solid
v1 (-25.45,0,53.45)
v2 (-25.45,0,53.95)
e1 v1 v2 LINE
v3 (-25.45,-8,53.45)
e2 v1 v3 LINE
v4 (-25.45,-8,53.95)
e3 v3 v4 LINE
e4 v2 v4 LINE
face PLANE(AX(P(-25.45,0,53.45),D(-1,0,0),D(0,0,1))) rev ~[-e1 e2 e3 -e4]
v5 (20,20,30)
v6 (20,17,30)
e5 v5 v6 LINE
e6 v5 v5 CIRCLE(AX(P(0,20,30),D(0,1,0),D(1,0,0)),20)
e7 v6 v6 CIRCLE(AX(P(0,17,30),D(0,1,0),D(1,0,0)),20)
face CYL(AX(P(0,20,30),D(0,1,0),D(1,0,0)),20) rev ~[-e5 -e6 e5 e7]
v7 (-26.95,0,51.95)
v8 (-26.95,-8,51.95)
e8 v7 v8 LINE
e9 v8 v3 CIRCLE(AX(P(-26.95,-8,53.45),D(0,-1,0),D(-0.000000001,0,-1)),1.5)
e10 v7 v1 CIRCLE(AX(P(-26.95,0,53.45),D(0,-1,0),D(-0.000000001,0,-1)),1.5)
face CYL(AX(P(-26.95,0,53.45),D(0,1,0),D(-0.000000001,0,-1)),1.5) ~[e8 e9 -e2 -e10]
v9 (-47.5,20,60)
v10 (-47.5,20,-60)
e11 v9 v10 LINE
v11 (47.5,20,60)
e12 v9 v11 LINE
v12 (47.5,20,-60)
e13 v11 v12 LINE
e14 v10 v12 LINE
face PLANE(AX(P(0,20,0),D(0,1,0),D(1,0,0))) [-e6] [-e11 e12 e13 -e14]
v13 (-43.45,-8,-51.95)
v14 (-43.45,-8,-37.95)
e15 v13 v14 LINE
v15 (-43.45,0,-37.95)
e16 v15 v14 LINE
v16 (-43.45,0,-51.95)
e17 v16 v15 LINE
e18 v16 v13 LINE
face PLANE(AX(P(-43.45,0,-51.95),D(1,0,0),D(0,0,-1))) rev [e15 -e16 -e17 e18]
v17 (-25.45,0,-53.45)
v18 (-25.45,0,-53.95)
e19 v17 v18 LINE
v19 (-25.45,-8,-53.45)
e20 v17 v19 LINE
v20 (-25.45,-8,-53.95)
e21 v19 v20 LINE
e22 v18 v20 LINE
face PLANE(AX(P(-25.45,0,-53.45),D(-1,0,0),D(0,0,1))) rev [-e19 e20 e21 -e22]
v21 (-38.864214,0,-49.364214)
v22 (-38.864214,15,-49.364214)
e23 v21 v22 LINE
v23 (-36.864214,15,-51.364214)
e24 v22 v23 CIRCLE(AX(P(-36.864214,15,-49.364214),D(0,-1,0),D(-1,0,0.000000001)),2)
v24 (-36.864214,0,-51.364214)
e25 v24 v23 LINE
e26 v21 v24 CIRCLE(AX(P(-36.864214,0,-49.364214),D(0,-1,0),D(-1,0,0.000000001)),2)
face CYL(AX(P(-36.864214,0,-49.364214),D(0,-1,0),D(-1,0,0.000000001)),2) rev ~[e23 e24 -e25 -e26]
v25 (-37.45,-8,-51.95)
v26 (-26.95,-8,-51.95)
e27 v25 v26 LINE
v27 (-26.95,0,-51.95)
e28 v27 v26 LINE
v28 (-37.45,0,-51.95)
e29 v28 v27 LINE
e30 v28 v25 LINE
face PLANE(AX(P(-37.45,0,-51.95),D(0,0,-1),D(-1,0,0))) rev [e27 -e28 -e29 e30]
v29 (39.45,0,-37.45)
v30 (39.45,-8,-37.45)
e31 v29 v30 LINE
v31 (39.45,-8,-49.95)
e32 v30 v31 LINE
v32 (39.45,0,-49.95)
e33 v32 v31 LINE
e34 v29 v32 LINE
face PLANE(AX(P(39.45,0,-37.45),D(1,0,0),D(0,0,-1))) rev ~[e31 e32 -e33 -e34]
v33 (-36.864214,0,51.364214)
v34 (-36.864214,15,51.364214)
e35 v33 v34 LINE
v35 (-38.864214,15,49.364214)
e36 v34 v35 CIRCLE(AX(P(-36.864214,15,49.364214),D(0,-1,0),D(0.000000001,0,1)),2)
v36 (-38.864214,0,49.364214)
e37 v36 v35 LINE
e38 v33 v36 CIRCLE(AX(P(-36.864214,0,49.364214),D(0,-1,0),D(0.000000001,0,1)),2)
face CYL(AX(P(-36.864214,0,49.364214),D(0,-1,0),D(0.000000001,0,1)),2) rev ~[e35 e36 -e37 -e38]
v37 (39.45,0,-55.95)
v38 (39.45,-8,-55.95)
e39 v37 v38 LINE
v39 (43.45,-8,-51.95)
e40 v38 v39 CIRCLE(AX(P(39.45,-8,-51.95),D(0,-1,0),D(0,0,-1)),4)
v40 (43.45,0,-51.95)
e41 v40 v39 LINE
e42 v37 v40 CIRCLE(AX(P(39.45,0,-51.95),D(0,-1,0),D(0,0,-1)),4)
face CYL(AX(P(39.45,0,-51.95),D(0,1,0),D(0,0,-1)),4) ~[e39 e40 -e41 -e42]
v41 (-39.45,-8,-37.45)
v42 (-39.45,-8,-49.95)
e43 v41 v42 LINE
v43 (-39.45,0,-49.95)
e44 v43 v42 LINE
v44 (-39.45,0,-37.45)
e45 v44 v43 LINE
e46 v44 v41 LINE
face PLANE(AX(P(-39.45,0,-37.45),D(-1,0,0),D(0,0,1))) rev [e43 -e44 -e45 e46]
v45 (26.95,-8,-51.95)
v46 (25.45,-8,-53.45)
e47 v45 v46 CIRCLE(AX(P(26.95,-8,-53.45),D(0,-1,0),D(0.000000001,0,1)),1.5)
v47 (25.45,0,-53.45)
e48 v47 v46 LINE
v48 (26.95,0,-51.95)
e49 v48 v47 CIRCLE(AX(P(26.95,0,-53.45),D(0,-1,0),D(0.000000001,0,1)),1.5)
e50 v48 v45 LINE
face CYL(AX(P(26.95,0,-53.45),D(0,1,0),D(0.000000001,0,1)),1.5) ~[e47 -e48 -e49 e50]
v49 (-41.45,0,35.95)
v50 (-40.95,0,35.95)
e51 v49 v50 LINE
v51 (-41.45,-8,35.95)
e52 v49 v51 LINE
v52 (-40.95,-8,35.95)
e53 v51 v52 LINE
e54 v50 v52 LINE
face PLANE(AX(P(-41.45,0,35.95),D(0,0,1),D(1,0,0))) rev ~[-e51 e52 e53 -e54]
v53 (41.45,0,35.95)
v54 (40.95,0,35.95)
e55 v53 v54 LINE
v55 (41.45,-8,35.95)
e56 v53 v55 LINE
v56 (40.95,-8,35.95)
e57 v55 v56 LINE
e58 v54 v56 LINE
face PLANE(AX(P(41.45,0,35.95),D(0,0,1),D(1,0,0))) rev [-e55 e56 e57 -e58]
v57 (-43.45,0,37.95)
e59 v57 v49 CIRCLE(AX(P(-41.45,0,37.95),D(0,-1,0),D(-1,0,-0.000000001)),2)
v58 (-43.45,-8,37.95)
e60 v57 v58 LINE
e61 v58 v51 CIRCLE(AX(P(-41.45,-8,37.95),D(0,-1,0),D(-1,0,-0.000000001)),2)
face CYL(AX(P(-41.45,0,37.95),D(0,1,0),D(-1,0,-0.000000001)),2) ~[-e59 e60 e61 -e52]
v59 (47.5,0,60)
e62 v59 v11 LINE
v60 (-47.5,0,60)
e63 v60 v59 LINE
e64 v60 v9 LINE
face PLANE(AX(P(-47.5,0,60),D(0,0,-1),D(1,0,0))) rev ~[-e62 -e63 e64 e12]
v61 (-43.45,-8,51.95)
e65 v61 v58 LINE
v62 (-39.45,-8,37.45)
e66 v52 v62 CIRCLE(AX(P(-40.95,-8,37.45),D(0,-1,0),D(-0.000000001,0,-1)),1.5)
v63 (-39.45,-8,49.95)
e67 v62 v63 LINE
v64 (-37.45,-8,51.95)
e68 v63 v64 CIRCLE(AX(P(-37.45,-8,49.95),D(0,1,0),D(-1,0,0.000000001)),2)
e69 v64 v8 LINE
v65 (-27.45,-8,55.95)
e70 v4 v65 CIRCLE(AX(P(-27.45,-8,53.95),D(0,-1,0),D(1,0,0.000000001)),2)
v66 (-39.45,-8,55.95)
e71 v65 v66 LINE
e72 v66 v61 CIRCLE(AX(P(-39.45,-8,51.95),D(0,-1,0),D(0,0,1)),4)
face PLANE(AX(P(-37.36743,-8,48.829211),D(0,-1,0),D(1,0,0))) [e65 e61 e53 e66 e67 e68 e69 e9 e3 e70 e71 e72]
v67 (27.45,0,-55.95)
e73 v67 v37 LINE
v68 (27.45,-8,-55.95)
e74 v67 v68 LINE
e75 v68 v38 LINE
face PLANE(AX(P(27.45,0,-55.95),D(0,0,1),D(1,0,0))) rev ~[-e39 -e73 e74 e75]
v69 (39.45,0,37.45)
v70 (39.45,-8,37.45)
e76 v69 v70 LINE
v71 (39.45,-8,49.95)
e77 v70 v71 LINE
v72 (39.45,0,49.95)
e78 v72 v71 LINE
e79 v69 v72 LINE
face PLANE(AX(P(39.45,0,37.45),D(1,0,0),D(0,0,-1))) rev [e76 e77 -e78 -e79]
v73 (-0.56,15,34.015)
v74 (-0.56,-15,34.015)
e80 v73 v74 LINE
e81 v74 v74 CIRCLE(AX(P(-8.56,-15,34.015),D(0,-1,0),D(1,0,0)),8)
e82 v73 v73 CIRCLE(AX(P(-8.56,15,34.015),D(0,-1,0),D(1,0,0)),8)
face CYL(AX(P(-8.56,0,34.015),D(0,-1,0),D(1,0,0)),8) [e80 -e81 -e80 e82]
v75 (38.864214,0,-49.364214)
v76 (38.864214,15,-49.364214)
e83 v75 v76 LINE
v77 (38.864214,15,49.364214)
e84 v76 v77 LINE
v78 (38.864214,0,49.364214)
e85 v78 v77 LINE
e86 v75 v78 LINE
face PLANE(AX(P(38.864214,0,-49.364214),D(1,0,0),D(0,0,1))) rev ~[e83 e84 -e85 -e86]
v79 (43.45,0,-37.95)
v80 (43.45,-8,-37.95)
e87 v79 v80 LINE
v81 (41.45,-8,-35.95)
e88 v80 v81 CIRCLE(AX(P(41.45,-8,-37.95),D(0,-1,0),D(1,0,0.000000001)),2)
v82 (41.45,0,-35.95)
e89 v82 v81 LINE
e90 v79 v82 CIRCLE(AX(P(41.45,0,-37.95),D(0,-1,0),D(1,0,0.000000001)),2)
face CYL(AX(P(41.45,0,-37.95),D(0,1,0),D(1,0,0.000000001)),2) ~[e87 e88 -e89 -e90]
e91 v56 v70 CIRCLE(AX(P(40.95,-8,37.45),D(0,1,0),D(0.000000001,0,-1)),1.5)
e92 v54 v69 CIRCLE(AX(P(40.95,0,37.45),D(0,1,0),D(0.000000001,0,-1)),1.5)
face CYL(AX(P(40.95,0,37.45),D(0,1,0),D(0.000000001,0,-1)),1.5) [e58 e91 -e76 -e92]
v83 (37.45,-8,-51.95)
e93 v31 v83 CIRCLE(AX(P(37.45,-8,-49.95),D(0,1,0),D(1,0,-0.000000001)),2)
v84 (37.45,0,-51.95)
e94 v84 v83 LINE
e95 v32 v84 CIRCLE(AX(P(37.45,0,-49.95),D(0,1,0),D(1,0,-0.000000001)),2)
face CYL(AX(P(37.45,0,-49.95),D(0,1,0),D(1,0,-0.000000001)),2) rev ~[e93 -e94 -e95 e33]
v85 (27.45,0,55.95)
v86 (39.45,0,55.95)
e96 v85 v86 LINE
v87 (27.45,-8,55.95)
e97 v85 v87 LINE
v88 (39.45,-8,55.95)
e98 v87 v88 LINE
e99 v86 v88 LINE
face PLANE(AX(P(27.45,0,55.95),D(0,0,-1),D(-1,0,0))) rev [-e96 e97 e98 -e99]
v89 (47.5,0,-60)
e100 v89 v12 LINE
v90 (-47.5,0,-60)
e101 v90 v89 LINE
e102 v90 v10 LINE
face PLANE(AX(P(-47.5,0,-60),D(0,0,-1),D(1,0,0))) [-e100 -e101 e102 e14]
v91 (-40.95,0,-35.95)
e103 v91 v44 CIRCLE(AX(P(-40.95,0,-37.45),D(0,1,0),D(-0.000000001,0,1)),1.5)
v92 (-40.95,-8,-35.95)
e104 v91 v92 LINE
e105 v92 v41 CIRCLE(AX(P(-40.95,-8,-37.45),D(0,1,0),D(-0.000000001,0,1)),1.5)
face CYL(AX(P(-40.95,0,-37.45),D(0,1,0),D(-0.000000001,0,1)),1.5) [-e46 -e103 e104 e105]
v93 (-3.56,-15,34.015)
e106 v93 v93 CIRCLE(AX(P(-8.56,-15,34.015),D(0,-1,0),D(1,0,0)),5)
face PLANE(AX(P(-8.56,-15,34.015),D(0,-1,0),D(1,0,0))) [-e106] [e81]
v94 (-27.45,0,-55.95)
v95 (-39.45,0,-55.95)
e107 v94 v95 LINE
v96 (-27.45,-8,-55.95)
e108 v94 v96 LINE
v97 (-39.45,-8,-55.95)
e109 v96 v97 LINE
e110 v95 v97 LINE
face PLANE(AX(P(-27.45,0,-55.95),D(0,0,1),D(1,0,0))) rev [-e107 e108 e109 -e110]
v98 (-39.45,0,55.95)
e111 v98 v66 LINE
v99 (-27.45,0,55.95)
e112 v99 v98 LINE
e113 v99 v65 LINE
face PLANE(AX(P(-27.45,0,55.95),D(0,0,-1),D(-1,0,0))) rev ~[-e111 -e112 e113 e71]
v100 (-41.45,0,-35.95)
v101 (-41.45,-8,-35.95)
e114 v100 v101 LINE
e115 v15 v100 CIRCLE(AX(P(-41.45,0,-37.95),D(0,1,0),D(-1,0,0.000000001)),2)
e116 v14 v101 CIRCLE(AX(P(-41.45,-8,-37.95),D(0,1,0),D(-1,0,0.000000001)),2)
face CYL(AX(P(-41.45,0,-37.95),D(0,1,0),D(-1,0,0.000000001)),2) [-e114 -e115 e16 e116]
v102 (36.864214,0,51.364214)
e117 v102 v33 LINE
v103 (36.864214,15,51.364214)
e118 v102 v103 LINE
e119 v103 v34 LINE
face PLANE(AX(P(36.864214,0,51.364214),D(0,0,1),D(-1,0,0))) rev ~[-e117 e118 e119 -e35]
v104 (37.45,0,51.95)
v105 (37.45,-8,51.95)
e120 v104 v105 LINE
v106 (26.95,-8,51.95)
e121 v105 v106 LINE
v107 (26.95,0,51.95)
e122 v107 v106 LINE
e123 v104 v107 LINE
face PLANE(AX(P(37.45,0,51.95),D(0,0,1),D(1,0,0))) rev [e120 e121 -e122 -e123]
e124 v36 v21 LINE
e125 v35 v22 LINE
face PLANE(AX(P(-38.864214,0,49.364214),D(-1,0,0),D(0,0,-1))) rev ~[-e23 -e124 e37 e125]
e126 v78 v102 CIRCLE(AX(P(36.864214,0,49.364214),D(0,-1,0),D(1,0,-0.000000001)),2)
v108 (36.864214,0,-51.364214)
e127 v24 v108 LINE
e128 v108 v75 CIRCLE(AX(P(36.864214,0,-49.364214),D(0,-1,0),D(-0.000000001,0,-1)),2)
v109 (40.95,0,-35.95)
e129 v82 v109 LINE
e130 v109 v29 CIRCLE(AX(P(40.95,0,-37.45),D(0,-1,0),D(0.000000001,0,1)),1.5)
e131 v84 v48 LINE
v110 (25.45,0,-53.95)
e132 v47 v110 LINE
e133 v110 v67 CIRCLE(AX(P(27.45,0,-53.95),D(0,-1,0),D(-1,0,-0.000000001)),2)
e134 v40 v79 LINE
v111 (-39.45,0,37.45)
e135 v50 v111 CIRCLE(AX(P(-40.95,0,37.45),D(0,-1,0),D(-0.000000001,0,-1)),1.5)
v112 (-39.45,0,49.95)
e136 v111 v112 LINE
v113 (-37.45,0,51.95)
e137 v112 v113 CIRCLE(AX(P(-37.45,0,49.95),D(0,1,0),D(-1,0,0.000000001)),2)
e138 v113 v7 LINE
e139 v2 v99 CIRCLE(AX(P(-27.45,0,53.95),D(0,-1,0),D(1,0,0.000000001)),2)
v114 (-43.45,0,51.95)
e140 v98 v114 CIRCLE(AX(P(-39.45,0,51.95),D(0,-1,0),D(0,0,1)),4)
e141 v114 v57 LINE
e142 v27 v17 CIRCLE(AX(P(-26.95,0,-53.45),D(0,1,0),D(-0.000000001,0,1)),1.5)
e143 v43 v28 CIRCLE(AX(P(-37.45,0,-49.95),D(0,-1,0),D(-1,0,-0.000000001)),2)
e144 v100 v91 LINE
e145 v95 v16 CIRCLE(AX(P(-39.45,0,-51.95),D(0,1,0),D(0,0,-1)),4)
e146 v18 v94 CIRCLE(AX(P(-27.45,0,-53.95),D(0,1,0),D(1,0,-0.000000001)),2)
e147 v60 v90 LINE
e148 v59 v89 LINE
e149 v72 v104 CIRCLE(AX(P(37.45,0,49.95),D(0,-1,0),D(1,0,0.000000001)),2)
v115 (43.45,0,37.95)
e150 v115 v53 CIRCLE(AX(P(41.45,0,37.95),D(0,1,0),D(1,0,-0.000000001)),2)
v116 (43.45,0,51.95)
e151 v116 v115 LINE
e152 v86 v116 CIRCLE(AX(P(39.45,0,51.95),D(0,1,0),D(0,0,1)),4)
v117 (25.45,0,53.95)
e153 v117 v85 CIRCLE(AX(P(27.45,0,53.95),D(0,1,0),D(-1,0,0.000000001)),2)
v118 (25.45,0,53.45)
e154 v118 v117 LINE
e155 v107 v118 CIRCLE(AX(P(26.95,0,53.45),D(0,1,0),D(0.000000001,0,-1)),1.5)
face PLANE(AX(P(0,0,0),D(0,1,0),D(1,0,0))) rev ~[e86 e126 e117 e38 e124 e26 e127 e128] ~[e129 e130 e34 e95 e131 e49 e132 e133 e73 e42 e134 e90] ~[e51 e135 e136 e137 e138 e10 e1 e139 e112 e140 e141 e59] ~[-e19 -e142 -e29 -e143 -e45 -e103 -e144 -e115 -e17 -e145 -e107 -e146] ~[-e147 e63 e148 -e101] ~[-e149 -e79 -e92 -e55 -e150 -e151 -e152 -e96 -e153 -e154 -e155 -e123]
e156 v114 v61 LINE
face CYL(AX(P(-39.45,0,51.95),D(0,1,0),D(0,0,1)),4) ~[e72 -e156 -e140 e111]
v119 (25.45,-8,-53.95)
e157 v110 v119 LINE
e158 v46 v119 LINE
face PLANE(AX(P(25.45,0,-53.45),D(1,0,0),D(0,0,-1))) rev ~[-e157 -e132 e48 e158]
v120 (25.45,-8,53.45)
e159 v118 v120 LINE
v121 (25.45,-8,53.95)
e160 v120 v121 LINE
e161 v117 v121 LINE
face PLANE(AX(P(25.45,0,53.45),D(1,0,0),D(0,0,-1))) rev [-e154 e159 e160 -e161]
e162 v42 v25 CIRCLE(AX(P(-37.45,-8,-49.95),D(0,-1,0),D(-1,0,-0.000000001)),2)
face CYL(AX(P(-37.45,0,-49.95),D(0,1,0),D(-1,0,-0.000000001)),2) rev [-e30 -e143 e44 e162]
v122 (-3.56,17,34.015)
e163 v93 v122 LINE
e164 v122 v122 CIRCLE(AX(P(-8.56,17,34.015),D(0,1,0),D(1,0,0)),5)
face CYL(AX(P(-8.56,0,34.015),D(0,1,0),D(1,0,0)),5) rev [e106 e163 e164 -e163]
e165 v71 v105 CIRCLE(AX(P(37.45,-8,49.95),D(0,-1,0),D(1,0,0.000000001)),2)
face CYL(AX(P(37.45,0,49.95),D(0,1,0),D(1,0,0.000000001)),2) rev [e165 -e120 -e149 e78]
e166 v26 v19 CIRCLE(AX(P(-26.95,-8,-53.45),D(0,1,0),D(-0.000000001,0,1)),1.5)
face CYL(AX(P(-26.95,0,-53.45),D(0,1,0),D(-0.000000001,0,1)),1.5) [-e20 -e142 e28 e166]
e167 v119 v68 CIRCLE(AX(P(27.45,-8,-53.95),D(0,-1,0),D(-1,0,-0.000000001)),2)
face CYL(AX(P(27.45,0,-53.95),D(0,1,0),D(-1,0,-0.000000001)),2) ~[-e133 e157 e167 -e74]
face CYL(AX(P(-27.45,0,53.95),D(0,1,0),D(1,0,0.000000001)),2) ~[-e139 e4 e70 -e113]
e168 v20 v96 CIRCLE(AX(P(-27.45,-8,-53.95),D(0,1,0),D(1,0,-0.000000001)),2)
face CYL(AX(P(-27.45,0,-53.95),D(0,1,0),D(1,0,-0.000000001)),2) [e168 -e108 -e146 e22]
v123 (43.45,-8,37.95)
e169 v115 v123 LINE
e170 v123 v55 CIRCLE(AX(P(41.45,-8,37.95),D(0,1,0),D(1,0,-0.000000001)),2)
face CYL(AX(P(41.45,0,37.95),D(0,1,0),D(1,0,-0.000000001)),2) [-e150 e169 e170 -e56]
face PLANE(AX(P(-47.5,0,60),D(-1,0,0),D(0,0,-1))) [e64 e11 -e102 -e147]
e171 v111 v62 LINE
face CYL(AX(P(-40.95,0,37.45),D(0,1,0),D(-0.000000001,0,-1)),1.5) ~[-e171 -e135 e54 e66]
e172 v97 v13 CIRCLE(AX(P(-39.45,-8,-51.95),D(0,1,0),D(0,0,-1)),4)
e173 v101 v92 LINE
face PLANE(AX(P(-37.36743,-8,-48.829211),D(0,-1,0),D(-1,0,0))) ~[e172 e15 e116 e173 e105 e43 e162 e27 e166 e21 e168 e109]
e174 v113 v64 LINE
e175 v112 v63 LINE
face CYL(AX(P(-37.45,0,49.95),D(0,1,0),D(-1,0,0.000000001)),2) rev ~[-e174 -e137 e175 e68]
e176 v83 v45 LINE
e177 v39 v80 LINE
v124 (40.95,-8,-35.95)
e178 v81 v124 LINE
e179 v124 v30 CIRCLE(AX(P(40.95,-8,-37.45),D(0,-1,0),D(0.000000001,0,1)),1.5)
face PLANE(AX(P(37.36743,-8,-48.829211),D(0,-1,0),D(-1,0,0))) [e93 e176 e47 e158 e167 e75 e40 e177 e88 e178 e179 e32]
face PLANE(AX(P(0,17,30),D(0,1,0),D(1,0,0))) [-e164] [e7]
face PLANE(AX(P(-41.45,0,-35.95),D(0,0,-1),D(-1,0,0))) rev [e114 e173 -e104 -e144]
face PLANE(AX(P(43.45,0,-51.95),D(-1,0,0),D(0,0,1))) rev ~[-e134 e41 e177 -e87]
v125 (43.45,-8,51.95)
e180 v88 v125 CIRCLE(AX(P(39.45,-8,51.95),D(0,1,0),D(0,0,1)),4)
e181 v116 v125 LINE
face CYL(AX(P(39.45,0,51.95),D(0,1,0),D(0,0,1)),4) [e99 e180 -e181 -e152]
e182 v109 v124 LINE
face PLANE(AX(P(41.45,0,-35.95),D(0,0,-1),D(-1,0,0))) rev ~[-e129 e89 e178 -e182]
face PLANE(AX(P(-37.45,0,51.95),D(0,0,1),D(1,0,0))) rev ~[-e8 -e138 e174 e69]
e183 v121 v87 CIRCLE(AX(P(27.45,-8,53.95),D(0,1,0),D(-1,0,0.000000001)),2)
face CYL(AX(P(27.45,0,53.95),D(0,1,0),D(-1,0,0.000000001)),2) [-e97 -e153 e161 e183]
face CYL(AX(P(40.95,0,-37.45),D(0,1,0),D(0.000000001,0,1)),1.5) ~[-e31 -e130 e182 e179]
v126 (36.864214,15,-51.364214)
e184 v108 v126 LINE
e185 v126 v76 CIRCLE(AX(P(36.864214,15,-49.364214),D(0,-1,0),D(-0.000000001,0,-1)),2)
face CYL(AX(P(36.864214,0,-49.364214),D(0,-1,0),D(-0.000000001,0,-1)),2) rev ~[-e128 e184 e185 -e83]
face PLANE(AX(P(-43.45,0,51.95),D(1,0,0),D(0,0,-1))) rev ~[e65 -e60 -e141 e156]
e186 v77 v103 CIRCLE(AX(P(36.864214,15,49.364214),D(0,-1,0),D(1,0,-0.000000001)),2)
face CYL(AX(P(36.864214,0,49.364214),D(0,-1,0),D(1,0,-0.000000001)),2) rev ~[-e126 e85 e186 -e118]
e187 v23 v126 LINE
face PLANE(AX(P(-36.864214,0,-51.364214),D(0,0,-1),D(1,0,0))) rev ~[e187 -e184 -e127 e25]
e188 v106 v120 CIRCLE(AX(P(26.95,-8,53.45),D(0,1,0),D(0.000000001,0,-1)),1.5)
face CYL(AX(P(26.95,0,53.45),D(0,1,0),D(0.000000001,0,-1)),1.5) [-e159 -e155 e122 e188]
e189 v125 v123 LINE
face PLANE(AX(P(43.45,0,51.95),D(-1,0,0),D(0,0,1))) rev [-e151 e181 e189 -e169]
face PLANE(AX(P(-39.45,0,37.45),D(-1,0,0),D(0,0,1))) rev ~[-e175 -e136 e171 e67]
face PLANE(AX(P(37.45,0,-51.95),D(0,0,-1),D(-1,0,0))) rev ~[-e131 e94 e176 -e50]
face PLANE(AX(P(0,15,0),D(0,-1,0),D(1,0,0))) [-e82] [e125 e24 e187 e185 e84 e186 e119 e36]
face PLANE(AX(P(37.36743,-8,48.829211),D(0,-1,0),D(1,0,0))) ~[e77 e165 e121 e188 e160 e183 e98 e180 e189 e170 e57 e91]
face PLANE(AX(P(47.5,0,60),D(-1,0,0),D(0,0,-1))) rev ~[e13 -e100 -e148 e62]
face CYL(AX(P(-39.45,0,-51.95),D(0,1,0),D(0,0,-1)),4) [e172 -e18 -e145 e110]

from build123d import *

# Parameters (mm, degrees)
SKETCH2_W                                  = 95
SKETCH2_H                                  = 120
TOP_PLATE_DEPTH                            = 20
FRICTION_CLIP_DEPTH                        = 8
F_4_CLIPS_AT_THE_SECOND_PLANE_COPY_1_DEPTH = 8
CUT_EXTRUDE1_DEPTH                         = 15
SKETCH5_R                                  = 5
SNOOZE_HOLE_DEPTH                          = 29
SKETCH6_R                                  = 8
SKETCH6_R_2                                = 5
SNOOZE_HOLE_SUPPORT_DEPTH                  = 15
SNOOZE_HOLE_SUPPORT_DEPTH_BACK             = 15
SKETCH9_R                                  = 20
LAKE_INLAY_DEPTH                           = 3


with BuildPart() as part:
    # Sketch2 → top plate (new body)
    with BuildSketch(Plane(origin=(0, 0, 0), x_dir=(1, 0, 0), z_dir=(0, 1, 0))):
        Rectangle(SKETCH2_W, SKETCH2_H)
    extrude(amount=TOP_PLATE_DEPTH)

    # Sketch3 → friction clip (add)
    with BuildSketch(Plane.XZ):
        with BuildLine():
            Line((-37.45, 51.95), (-26.95, 51.95))
            ThreePointArc((-26.95, 51.95), (-25.889339828, 52.389339828), (-25.45, 53.45))
            Line((-25.45, 53.45), (-25.45, 53.95))
            ThreePointArc((-25.45, 53.95), (-26.035786438, 55.364213562), (-27.45, 55.95))
            Line((-27.45, 55.95), (-39.45, 55.95))
            ThreePointArc((-39.45, 55.95), (-42.278427125, 54.778427125), (-43.45, 51.95))
            Line((-43.45, 51.95), (-43.45, 37.95))
            ThreePointArc((-43.45, 37.95), (-42.864213562, 36.535786438), (-41.45, 35.95))
            Line((-41.45, 35.95), (-40.95, 35.95))
            ThreePointArc((-40.95, 35.95), (-39.889339828, 36.389339828), (-39.45, 37.45))
            Line((-39.45, 37.45), (-39.45, 49.95))
            ThreePointArc((-39.45, 49.95), (-38.864213562, 51.364213562), (-37.45, 51.95))
        make_face()
    friction_clip = extrude(amount=FRICTION_CLIP_DEPTH)

    # 4 clips: friction clip across plane
    add(friction_clip.mirror(Plane.XY))

    # 4 clips at the second plane: friction clip across plane
    add(friction_clip.mirror(Plane(origin=(0, 0, 0), x_dir=(0, 0, 1), z_dir=(1, 0, 0))))

    # 4 clips at the second plane copy 1 sketc → 4 clips at the second plane copy 1 (add)
    with BuildSketch(Plane(origin=(0, 0, 0), x_dir=(-1, 0, 0), z_dir=(0, -1, 0))):
        with BuildLine():
            Line((-37.45, 51.95), (-26.95, 51.95))
            ThreePointArc((-26.95, 51.95), (-25.889339828, 52.389339828), (-25.45, 53.45))
            Line((-25.45, 53.45), (-25.45, 53.95))
            ThreePointArc((-25.45, 53.95), (-26.035786438, 55.364213562), (-27.45, 55.95))
            Line((-27.45, 55.95), (-39.45, 55.95))
            ThreePointArc((-39.45, 55.95), (-42.278427125, 54.778427125), (-43.45, 51.95))
            Line((-43.45, 51.95), (-43.45, 37.95))
            ThreePointArc((-43.45, 37.95), (-42.864213562, 36.535786438), (-41.45, 35.95))
            Line((-41.45, 35.95), (-40.95, 35.95))
            ThreePointArc((-40.95, 35.95), (-39.889339828, 36.389339828), (-39.45, 37.45))
            Line((-39.45, 37.45), (-39.45, 49.95))
            ThreePointArc((-39.45, 49.95), (-38.864213562, 51.364213562), (-37.45, 51.95))
        make_face()
    extrude(amount=F_4_CLIPS_AT_THE_SECOND_PLANE_COPY_1_DEPTH)

    # Sketch8 → Cut-Extrude1 (cut)
    with BuildSketch(Plane.XZ):
        with BuildLine():
            Line((-36.864213562, -51.364213562), (36.864213562, -51.364213562))
            ThreePointArc((36.864213562, -51.364213562), (38.278427125, -50.778427125), (38.864213562, -49.364213562))
            Line((38.864213562, -49.364213562), (38.864213562, 49.364213562))
            ThreePointArc((38.864213562, 49.364213562), (38.278427125, 50.778427125), (36.864213562, 51.364213562))
            Line((36.864213562, 51.364213562), (-36.864213562, 51.364213562))
            ThreePointArc((-36.864213562, 51.364213562), (-38.278427125, 50.778427125), (-38.864213562, 49.364213562))
            Line((-38.864213562, 49.364213562), (-38.864213562, -49.364213562))
            ThreePointArc((-38.864213562, -49.364213562), (-38.278427125, -50.778427125), (-36.864213562, -51.364213562))
        make_face()
    extrude(amount=-CUT_EXTRUDE1_DEPTH, mode=Mode.SUBTRACT)

    # Sketch5 → snooze hole (cut, through all)
    with BuildSketch(Plane(origin=(0, 20, 0), x_dir=(1, 0, 0), z_dir=(0, 1, 0))):
        with Locations((-8.56, -34.015)):
            Circle(SKETCH5_R)
    extrude(amount=-SNOOZE_HOLE_DEPTH, mode=Mode.SUBTRACT)

    # Sketch6 → snooze hole support (add, two sides)
    with BuildSketch(Plane.XZ) as snooze_hole_support_sk:
        with Locations((-8.56, 34.015)):
            Circle(SKETCH6_R)
        with Locations((-8.56, 34.015)):
            Circle(SKETCH6_R_2, mode=Mode.SUBTRACT)
    extrude(amount=SNOOZE_HOLE_SUPPORT_DEPTH)
    extrude(snooze_hole_support_sk.sketch, amount=-SNOOZE_HOLE_SUPPORT_DEPTH_BACK)

    # Sketch9 → lake inlay (cut)
    with BuildSketch(Plane(origin=(0, 20, 0), x_dir=(1, 0, 0), z_dir=(0, 1, 0))):
        with Locations((0, -30)):
            Circle(SKETCH9_R)
    extrude(amount=-LAKE_INLAY_DEPTH, mode=Mode.SUBTRACT)


solid = part.part
